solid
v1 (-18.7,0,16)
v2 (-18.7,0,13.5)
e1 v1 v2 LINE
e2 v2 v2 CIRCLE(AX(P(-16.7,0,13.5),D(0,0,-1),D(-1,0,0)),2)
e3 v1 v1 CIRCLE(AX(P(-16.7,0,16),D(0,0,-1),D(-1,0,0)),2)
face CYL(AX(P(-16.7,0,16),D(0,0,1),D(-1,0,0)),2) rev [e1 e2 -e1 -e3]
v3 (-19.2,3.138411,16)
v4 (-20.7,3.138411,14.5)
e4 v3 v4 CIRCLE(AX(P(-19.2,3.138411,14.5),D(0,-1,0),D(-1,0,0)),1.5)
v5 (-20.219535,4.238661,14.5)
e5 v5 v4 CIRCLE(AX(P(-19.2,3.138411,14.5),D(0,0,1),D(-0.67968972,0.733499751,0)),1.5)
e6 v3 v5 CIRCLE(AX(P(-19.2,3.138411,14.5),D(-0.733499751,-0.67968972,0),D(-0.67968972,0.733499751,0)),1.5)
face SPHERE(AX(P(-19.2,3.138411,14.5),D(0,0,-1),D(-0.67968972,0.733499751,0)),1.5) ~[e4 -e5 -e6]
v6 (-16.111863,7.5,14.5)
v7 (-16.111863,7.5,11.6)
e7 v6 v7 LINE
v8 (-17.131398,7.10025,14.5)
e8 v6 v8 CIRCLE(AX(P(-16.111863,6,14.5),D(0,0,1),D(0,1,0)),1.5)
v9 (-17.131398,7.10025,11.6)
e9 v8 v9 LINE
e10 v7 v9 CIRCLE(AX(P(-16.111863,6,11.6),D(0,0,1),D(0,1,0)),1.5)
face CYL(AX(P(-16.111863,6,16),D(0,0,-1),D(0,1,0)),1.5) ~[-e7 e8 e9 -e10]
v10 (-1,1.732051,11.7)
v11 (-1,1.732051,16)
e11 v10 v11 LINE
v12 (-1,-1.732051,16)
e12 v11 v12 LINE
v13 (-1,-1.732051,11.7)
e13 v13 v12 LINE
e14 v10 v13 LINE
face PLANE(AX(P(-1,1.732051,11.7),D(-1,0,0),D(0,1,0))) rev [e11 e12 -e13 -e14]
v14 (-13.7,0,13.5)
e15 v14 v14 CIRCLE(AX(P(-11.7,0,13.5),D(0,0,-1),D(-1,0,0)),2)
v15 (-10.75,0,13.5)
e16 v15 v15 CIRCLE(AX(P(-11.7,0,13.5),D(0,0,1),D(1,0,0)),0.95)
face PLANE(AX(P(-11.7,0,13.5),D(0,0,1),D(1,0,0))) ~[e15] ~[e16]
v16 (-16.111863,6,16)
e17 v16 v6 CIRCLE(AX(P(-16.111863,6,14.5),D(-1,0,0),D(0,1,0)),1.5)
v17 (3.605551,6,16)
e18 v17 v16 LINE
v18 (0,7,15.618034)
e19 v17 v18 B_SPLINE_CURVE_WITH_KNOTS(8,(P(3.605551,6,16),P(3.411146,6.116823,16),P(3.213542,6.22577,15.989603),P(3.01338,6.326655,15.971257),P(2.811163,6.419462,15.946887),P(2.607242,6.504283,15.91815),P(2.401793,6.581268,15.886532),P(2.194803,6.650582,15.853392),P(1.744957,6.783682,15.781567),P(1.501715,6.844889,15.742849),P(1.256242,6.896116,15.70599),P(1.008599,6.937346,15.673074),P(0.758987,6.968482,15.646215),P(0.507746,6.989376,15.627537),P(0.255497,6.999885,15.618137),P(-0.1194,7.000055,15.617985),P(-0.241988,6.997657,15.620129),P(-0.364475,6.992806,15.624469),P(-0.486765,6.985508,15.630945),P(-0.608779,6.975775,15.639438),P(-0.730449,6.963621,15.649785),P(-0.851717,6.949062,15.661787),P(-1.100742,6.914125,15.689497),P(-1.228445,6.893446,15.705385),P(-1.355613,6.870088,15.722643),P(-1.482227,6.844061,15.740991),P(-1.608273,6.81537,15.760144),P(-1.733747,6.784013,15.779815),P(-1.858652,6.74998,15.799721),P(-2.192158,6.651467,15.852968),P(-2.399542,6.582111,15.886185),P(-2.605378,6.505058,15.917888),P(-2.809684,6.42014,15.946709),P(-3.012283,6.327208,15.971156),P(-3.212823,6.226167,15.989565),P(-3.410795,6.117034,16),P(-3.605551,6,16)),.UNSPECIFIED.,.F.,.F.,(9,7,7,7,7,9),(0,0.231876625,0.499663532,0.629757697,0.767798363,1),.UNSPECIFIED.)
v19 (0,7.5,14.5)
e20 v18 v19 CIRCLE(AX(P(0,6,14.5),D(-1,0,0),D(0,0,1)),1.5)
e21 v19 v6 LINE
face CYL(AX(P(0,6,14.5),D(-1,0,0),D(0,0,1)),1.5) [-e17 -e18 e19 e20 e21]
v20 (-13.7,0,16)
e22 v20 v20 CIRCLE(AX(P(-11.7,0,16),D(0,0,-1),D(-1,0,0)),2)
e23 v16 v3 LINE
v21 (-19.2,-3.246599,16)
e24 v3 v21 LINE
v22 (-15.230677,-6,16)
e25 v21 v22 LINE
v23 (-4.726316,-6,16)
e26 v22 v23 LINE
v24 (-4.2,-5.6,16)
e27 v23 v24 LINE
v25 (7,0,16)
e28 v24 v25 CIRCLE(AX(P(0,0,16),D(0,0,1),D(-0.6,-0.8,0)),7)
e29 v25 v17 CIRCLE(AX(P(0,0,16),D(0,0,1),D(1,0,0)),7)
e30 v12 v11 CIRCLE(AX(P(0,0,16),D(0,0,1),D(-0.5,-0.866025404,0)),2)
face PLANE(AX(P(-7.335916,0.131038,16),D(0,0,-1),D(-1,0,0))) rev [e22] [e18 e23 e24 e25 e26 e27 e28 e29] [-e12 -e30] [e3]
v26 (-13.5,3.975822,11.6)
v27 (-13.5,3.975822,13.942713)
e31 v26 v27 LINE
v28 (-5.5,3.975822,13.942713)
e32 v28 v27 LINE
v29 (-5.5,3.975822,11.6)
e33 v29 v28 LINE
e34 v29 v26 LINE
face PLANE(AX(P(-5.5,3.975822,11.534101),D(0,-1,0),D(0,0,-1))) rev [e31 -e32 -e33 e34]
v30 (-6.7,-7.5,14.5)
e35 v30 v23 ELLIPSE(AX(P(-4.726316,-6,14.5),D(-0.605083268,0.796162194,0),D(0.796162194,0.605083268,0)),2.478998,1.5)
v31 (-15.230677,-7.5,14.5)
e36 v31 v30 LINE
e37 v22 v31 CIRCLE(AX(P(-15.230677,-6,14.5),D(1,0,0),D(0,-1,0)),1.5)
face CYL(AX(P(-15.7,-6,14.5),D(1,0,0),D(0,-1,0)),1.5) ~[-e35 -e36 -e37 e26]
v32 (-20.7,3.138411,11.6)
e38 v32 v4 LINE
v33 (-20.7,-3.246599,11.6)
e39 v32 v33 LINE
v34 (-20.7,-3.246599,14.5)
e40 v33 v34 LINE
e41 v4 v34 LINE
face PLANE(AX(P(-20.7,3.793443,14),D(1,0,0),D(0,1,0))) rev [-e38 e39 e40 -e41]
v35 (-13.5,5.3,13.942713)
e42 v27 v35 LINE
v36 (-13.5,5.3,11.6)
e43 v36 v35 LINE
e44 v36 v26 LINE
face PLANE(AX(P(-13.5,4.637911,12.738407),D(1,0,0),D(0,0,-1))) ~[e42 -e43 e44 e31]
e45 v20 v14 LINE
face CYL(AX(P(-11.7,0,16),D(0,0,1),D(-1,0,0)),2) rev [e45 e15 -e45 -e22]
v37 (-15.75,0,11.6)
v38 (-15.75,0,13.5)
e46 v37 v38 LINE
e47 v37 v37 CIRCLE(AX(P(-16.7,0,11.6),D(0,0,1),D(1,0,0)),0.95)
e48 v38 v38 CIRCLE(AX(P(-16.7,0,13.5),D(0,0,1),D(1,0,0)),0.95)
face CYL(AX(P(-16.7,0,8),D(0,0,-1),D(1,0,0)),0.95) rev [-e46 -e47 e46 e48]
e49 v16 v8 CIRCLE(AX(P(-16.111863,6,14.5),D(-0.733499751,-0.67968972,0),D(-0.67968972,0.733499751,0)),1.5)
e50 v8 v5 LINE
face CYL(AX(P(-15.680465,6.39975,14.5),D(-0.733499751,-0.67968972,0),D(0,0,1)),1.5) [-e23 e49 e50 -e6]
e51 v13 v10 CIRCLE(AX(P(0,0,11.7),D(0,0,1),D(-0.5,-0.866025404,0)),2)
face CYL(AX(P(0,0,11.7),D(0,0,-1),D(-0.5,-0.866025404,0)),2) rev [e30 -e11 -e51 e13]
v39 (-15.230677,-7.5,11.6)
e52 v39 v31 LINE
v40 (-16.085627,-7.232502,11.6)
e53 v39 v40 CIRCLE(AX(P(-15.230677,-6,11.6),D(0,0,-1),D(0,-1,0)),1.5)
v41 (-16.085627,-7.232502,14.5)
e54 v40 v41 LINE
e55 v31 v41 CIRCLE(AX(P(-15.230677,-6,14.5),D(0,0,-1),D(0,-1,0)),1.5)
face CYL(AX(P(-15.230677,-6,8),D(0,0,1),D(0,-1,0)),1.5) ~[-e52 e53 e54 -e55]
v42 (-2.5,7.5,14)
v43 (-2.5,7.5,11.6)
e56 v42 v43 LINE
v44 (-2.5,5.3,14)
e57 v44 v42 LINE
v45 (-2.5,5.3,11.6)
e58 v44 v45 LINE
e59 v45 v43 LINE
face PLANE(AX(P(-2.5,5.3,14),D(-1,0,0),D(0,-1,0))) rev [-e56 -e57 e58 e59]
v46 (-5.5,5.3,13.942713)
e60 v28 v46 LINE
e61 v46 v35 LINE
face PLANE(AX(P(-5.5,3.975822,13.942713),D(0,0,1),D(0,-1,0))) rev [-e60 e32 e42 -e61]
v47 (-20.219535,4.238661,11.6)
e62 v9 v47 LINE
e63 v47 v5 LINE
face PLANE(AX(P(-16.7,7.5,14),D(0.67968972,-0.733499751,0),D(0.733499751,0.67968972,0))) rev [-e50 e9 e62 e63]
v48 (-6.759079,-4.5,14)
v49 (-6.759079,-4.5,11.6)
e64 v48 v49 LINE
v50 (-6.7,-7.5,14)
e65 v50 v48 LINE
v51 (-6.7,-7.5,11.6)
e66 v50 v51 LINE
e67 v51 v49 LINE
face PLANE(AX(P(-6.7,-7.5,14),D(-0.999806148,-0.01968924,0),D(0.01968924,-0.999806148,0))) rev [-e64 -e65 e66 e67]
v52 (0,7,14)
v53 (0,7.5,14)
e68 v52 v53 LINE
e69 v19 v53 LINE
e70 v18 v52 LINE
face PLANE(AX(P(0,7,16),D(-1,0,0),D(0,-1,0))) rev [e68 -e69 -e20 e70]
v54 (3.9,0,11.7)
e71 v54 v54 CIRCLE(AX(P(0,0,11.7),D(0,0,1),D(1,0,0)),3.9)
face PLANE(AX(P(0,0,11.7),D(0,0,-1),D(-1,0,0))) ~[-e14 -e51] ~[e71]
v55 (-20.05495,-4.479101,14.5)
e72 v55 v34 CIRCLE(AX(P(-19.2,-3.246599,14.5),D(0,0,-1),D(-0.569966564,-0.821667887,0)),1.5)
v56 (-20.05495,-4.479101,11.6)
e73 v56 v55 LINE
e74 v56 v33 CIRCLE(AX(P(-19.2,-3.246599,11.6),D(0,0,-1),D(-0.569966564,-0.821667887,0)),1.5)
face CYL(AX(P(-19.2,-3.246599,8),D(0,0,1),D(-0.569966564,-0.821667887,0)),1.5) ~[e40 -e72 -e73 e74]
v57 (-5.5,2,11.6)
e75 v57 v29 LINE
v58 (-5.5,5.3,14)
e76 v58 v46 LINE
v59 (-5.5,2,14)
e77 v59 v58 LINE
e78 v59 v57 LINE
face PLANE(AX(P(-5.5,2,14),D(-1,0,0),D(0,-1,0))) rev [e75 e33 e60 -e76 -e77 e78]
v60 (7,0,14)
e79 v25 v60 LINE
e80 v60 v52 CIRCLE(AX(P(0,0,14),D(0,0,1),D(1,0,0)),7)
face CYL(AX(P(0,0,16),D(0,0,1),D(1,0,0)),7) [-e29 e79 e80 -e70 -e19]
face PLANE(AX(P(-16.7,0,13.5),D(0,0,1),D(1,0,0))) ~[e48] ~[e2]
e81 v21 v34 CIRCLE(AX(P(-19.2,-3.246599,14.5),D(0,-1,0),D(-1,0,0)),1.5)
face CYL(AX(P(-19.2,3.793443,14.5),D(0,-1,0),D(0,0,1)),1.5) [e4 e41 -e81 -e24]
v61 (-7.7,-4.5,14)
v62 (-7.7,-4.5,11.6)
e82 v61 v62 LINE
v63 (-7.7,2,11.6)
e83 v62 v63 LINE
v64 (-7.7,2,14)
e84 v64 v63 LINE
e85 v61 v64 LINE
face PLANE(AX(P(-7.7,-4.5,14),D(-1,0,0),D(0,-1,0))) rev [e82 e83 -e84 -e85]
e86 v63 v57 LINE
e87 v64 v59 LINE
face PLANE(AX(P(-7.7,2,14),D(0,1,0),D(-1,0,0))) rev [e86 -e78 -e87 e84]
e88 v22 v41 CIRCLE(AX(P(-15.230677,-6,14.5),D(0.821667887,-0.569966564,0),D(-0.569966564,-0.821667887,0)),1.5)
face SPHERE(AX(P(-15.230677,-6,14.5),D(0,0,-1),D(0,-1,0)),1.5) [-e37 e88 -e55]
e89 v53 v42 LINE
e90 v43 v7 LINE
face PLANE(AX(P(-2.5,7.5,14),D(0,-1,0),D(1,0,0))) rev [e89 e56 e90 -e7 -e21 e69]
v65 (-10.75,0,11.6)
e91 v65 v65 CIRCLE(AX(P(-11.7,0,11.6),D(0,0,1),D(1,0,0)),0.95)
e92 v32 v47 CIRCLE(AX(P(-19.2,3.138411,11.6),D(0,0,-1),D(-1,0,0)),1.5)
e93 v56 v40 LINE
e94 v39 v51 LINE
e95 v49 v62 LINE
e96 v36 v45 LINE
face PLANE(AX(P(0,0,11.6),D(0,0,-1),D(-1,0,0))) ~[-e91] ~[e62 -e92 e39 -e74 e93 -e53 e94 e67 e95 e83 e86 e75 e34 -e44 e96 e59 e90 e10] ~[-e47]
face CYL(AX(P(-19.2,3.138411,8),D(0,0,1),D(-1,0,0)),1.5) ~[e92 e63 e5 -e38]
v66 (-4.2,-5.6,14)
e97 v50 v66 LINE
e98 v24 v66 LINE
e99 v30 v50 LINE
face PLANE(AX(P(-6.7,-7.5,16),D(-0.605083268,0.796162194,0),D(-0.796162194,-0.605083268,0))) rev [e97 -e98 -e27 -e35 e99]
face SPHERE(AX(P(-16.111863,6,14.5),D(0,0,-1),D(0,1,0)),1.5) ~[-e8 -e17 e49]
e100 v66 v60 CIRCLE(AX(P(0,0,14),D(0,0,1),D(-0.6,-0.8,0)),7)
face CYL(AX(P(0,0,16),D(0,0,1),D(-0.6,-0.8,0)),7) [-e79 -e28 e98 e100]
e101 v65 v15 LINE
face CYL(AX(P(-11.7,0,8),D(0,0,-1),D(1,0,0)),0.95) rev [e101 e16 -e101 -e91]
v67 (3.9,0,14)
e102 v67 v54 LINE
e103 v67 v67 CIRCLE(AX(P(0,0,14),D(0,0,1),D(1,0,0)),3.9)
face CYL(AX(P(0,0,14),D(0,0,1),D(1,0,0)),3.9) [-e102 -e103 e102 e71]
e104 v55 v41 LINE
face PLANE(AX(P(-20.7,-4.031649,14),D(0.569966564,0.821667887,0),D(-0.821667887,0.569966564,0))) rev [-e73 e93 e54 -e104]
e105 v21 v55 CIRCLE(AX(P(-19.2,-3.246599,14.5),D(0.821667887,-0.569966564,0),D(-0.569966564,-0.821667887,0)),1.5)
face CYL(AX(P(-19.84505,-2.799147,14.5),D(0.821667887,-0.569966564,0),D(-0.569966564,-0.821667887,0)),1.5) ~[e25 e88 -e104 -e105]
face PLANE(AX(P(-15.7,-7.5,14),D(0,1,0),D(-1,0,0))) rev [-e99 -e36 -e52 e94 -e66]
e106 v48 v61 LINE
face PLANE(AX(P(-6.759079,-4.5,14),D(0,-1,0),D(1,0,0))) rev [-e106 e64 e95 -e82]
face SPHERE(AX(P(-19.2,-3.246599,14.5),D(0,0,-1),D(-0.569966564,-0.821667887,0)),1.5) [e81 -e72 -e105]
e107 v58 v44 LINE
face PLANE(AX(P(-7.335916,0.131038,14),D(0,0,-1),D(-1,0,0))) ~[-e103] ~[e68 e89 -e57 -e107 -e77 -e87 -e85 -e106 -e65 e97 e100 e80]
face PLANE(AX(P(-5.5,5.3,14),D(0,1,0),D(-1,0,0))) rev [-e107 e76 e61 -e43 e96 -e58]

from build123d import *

# Parameters (mm, degrees)
BOSS_EXTRUDE1_DEPTH = 2
BOSS_EXTRUDE2_DEPTH = 6
SKETCH24_R          = 3.9
BOSS_EXTRUDE5_DEPTH = 2.3
SKETCH30_W          = 2.408612022
SKETCH30_H          = 1.324178481
CUT_EXTRUDE12_DEPTH = 8
CUT_EXTRUDE11_DEPTH = 5.3
FILLET1_R           = 1.5
SKETCH34_R          = 0.75
CUT_EXTRUDE13_DEPTH = 8
SKETCH35_R          = 0.75
CUT_EXTRUDE14_DEPTH = 4
SKETCH36_R          = 0.95
CUT_EXTRUDE15_DEPTH = 8
SKETCH37_R          = 2
CUT_EXTRUDE16_DEPTH = 2.5
SKETCH38_W          = 3
SKETCH38_H          = 1.25
CUT_EXTRUDE17_DEPTH = 3.6


with BuildPart() as part:
    # Sketch2 → Boss-Extrude1 (new body)
    with BuildSketch(Plane.XY):
        with BuildLine():
            Line((-2.5, 7.5), (-16.7, 7.5))
            Line((-16.7, 7.5), (-20.7, 3.793442666))
            Line((-20.7, 3.793442666), (-20.7, -4.031648778))
            Line((-20.7, -4.031648778), (-15.7, -7.5))
            Line((-15.7, -7.5), (-6.7, -7.5))
            Line((-6.7, -7.5), (-4.2, -5.6))
            ThreePointArc((-4.2, -5.6), (3.130495168, -6.260990337), (7, 0))
            ThreePointArc((7, 0), (4.949747468, 4.949747468), (0, 7))
            Line((0, 7), (0, 7.5))
            Line((0, 7.5), (-2.5, 7.5))
        make_face()
    extrude(amount=BOSS_EXTRUDE1_DEPTH)

    # Sketch4 → Boss-Extrude2 (add)
    with BuildSketch(Plane.XY.offset(2)):
        Polygon((-15.7, -7.5), (-6.7, -7.5), (-6.759079174, -4.5), (-7.7, -4.5), (-7.7, 2), (-5.5, 2), (-5.5, 5.3), (-2.5, 5.3), (-2.5, 7.5), (-16.7, 7.5), (-20.7, 3.793442666), (-20.7, -4.031648778), align=None)
    extrude(amount=BOSS_EXTRUDE2_DEPTH)

    # Sketch24 → Boss-Extrude5 (add)
    with BuildSketch(Plane.XY.offset(2)):
        Circle(SKETCH24_R)
    extrude(amount=BOSS_EXTRUDE5_DEPTH)

    # Sketch30 → Cut-Extrude12 (cut)
    with BuildSketch(Plane(origin=(-5.5, 0, 0), x_dir=(0, 0, -1), z_dir=(1, 0, 0))):
        with Locations((-3.261593395, 4.63791076)):
            Rectangle(SKETCH30_W, SKETCH30_H)
    extrude(amount=-CUT_EXTRUDE12_DEPTH, mode=Mode.SUBTRACT)

    # Sketch28 → Cut-Extrude11 (cut, through all)
    with BuildSketch(Plane.XY.offset(4.3)):
        with BuildLine():
            Line((-1, 1.732050808), (-1, -1.732050808))
            ThreePointArc((-1, -1.732050808), (2, 0), (-1, 1.732050808))
        make_face()
    extrude(amount=-CUT_EXTRUDE11_DEPTH, mode=Mode.SUBTRACT)

    # Fillet1
    fillet1_edges = [part.edges().sort_by_distance(p)[0] for p in [
        (-11.2, -7.5, 0),
        (-8.35, 7.5, 0),
        (-18.7, 5.646721333, 0),
        (-18.2, -5.765824389, 0),
        (-20.7, -0.119103056, 0),
        (-15.7, -7.5, 4),
        (-20.7, -4.031648778, 4),
        (-20.7, 3.793442666, 4),
        (-16.7, 7.5, 4),
    ]]
    fillet(fillet1_edges, radius=FILLET1_R)

    # Sketch34 → Cut-Extrude13 (cut, along a direction that is not the sketch's normal)
    with BuildSketch(Plane.XZ.offset(-2)):
        with Locations((-7, 8)):
            Circle(SKETCH34_R)
    extrude(amount=-CUT_EXTRUDE13_DEPTH, dir=(0.668583388, -0.743637179, 0), mode=Mode.SUBTRACT)

    # Sketch35 → Cut-Extrude14 (cut, symmetric, along a direction that is not the sketch's normal)
    with BuildSketch(Plane(origin=(0, -4.5, 0), x_dir=(1, 0, 0), z_dir=(0, 1, 0))):
        with Locations((-8.259079174, -8)):
            Circle(SKETCH35_R)
    extrude(amount=CUT_EXTRUDE14_DEPTH, dir=(0.599919418, 0.80006043, 0), both=True, mode=Mode.SUBTRACT)

    # Sketch36 → Cut-Extrude15 (cut)
    with BuildSketch(Plane.XY.offset(8)):
        with Locations((-11.7, 0)):
            Circle(SKETCH36_R)
        with Locations((-16.7, 0)):
            Circle(SKETCH36_R)
    extrude(amount=-CUT_EXTRUDE15_DEPTH, mode=Mode.SUBTRACT)

    # Sketch37 → Cut-Extrude16 (cut)
    with BuildSketch(Plane(origin=(0, 0, 0), x_dir=(-1, 0, 0), z_dir=(0, 0, -1))):
        with Locations((11.7, 0)):
            Circle(SKETCH37_R)
        with Locations((16.7, 0)):
            Circle(SKETCH37_R)
    extrude(amount=-CUT_EXTRUDE16_DEPTH, mode=Mode.SUBTRACT)

    # Sketch38 → Cut-Extrude17 (cut)
    with BuildSketch(Plane.XY.offset(8)):
        with Locations((-4, 5.925)):
            Rectangle(SKETCH38_W, SKETCH38_H)
    extrude(amount=-CUT_EXTRUDE17_DEPTH, mode=Mode.SUBTRACT)


with BuildPart() as body_2:
    # Split2: the piece on the far side of the plane
    add(part.part)
    split(bisect_by=Plane.XY.offset(4.4), keep=Keep.BOTTOM)


with BuildPart() as part_1:
    add(part.part)

    # Split2
    split(bisect_by=Plane.XY.offset(4.4), keep=Keep.TOP)


with BuildPart() as body_3:
    # Mirror2: mirrored copy
    add(body_2.part.mirror(Plane.XY.offset(8)))


solid = body_3.part
